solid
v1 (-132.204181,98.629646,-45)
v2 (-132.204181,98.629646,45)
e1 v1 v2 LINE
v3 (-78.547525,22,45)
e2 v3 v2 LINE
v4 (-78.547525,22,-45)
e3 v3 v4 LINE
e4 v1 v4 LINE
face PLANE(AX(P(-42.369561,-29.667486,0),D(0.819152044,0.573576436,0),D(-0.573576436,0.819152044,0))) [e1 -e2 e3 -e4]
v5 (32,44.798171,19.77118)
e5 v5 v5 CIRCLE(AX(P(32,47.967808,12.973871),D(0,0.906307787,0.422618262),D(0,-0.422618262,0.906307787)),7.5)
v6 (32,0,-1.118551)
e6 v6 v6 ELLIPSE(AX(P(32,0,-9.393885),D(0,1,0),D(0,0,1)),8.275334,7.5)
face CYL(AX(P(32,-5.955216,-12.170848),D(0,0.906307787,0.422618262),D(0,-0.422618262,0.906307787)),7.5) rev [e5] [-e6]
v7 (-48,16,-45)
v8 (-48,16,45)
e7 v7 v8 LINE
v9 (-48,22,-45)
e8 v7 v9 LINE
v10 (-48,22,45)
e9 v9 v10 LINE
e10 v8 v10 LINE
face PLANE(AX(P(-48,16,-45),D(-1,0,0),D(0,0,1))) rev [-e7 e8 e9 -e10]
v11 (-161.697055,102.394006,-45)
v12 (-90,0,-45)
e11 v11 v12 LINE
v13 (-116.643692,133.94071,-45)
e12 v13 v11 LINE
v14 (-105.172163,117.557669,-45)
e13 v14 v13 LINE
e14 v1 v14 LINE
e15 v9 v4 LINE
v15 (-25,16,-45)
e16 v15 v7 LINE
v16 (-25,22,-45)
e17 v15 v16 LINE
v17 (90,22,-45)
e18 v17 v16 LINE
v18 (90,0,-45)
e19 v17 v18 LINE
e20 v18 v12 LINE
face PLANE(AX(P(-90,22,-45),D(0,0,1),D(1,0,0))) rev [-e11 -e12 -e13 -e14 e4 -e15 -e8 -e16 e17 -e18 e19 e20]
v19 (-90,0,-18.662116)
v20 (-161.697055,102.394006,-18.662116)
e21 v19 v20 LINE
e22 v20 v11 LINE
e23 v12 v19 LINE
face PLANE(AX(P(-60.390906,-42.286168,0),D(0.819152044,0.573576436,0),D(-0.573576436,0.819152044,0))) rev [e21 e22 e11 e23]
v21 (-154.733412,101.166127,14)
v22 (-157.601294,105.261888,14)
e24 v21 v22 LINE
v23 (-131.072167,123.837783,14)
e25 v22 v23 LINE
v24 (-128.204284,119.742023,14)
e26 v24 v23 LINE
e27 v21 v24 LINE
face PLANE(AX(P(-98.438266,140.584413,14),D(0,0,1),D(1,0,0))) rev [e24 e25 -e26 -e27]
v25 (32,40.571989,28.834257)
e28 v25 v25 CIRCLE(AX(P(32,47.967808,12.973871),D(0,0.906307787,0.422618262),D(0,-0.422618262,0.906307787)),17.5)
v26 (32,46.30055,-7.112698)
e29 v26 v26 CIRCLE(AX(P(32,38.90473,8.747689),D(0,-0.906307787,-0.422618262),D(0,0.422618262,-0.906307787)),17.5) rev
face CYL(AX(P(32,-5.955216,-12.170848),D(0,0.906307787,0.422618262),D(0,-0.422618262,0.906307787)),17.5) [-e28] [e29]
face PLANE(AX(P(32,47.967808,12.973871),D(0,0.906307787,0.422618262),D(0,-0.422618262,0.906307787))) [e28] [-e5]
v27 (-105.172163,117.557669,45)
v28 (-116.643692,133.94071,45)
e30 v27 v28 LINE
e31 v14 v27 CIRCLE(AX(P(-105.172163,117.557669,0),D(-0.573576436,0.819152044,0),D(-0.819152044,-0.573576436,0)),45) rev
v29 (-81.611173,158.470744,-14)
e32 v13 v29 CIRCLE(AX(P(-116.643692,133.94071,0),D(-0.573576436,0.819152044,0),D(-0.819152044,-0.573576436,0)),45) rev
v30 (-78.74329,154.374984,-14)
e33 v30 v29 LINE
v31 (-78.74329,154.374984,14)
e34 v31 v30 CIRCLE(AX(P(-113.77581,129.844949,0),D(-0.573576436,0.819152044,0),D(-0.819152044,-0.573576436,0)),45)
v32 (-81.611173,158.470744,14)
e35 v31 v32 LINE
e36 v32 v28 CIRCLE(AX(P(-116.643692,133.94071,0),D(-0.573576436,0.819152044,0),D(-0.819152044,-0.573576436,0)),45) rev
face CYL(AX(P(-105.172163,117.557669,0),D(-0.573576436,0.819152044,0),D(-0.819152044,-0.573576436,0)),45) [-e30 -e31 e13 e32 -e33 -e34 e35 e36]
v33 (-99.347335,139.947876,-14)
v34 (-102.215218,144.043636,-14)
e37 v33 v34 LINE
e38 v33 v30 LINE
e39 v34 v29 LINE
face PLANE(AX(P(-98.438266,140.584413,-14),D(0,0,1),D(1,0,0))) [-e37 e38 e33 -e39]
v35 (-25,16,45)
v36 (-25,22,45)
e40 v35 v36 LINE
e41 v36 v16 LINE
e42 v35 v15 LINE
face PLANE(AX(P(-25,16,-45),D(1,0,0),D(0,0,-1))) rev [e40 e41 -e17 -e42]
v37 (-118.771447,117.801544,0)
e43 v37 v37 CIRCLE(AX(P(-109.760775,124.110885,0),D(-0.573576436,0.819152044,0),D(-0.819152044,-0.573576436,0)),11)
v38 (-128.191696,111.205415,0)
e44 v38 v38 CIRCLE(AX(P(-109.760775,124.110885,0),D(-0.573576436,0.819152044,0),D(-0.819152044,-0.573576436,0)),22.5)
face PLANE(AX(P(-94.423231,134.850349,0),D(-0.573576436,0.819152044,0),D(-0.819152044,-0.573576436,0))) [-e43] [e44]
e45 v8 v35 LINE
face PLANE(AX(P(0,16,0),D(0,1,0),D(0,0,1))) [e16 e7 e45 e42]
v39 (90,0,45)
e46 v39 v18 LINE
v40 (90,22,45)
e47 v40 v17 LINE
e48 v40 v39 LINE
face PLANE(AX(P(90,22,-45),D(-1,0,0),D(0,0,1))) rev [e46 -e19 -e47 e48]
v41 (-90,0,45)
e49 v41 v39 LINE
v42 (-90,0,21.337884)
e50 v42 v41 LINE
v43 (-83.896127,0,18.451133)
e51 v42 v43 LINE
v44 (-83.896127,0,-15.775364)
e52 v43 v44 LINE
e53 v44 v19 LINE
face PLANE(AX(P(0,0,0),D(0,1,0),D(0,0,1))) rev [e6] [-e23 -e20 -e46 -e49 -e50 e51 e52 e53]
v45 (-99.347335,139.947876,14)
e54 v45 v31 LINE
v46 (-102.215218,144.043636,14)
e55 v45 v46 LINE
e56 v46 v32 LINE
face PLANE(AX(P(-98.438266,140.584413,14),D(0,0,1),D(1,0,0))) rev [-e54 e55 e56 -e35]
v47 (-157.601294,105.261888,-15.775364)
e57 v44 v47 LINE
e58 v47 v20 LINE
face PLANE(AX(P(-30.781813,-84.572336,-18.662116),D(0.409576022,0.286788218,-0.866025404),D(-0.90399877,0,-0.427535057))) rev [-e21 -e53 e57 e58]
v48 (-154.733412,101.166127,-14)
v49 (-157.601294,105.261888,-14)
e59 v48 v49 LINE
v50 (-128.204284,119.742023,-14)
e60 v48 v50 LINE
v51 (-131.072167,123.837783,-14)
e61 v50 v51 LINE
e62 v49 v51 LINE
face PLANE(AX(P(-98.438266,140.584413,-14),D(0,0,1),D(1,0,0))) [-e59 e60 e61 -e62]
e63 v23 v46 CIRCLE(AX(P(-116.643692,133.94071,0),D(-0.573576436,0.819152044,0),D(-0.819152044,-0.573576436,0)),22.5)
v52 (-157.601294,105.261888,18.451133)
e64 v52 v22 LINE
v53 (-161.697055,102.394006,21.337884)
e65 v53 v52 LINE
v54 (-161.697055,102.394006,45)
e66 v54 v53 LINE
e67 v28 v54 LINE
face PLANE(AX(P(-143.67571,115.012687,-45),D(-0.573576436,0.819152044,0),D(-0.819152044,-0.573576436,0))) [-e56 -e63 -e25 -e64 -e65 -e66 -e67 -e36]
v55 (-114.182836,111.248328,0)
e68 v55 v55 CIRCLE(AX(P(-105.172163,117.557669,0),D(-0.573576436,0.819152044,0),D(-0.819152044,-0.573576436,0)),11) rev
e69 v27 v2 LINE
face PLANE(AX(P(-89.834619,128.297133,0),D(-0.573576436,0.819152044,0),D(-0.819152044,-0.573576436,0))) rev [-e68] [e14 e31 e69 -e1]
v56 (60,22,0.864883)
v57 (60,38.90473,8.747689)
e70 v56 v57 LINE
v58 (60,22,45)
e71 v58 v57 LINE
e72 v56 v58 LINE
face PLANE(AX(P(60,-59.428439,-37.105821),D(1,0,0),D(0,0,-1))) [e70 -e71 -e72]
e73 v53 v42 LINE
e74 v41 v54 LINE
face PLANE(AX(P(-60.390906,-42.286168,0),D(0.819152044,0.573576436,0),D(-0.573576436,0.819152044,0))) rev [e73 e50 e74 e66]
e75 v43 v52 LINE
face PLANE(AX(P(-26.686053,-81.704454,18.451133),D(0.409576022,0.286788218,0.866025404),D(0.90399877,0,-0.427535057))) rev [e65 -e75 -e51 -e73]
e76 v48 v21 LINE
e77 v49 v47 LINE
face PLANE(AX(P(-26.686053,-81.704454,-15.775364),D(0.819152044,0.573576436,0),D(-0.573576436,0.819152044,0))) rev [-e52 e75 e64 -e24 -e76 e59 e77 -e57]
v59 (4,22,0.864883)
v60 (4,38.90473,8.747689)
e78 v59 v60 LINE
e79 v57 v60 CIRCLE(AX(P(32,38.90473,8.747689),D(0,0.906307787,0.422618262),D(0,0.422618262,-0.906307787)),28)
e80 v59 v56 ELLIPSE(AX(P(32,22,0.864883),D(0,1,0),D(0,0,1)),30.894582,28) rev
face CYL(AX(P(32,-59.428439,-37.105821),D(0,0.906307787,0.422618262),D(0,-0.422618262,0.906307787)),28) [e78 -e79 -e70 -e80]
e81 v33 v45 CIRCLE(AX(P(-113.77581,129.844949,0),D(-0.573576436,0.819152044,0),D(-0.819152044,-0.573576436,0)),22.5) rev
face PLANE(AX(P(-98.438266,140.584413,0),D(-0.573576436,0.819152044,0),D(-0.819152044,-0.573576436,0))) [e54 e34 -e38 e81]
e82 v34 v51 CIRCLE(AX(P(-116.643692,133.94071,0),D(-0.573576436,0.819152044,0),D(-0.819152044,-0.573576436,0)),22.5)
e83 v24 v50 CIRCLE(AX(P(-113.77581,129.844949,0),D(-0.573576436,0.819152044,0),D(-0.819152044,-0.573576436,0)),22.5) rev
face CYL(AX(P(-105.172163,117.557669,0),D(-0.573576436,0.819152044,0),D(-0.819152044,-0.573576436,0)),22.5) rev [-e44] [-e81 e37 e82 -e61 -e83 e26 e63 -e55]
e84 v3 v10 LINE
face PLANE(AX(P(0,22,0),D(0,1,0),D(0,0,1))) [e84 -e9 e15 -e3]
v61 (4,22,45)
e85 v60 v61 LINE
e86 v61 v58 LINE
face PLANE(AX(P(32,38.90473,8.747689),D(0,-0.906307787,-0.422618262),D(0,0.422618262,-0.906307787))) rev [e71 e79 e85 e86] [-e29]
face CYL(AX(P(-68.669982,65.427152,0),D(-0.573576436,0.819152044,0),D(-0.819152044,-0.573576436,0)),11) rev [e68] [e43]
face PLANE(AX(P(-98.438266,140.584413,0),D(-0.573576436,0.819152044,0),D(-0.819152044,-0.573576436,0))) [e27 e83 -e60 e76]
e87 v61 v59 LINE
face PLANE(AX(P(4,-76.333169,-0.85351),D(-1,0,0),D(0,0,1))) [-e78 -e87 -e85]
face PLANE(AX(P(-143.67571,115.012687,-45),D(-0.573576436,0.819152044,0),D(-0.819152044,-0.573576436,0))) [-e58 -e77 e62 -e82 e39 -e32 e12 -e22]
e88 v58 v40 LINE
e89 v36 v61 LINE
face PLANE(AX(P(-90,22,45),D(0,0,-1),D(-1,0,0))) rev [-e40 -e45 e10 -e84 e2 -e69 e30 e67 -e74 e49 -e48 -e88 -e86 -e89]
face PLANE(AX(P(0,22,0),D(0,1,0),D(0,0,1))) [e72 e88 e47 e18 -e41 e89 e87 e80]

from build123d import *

# Parameters (mm, degrees)
SKETCH1_W           = 180
SKETCH1_H           = 90
BOSS_EXTRUDE1_DEPTH = 22
SKETCH2_W           = 23
SKETCH2_H           = 90
CUT_EXTRUDE1_DEPTH  = 6
BOSS_EXTRUDE2_REACH = 116.562
SKETCH4_R           = 17.5
SKETCH4_R_2         = 7.5
BOSS_EXTRUDE3_DEPTH = 10
SKETCH5_R           = 7.5
CUT_EXTRUDE2_DEPTH  = 115.561578352
SKETCH6_W           = 90
SKETCH6_H           = 125
BOSS_EXTRUDE4_DEPTH = 22
CUT_EXTRUDE3_DEPTH  = 245.0397404
SKETCH9_R           = 22.5
BOSS_EXTRUDE5_DEPTH = 20
BOSS_EXTRUDE6_START = -12
SKETCH9_3_R         = 22.5
SKETCH9_3_R_2       = 11
BOSS_EXTRUDE6_DEPTH = 8
CUT_EXTRUDE4_DEPTH  = 5


with BuildPart() as part:
    # Sketch1 → Boss-Extrude1 (new body)
    with BuildSketch(Plane(origin=(0, 0, 0), x_dir=(1, 0, 0), z_dir=(0, 1, 0))):
        Rectangle(SKETCH1_W, SKETCH1_H)
    extrude(amount=BOSS_EXTRUDE1_DEPTH)

    # Sketch2 → Cut-Extrude1 (cut)
    with BuildSketch(Plane(origin=(0, 22, 0), x_dir=(1, 0, 0), z_dir=(0, 1, 0))):
        with Locations((-36.5, 0)):
            Rectangle(SKETCH2_W, SKETCH2_H)
    extrude(amount=-CUT_EXTRUDE1_DEPTH, mode=Mode.SUBTRACT)

    # Boss-Extrude2: up to this face of the body (flat: up to its plane)
    boss_extrude2_end = Plane(part.part.faces().sort_by_distance((32.5, 22, 0))[0])
    # Sketch3 → Boss-Extrude2 (add, up to the picked face)
    with BuildSketch(Plane(origin=(0, 35.306663677, 16.463767656), x_dir=(1, 0, 0), z_dir=(0, 0.9063077870366496, 0.4226182617407003)), mode=Mode.PRIVATE) as boss_extrude2_sk1:
        with BuildLine():
            Line((4, -31.486248658), (4, 8.513751342))
            ThreePointArc((4, 8.513751342), (32, 36.513751342), (60, 8.513751342))
            Line((60, 8.513751342), (60, -31.486248658))
            Line((60, -31.486248658), (4, -31.486248658))
        make_face()
    boss_extrude2_tool1 = split(extrude(boss_extrude2_sk1.sketch, amount=-BOSS_EXTRUDE2_REACH, mode=Mode.PRIVATE), bisect_by=boss_extrude2_end, keep=Keep.BOTH, mode=Mode.PRIVATE)
    add(boss_extrude2_tool1.solids().sort_by(Axis((32, 35.232426, 16.622971), (0, -0.9063077870366496, -0.4226182617407003)))[0])

    # Sketch4 → Boss-Extrude3 (add)
    with BuildSketch(Plane(origin=(0, 44.369741547, 20.689950274), x_dir=(1, 0, 0), z_dir=(0, 0.9063077870366496, 0.4226182617407003))):
        with Locations(Location((32, 8.513751342, 0), (0, 0, 270))):
            Circle(SKETCH4_R)
        with Locations(Location((32, 8.513751342, 0), (0, 0, 270))):
            Circle(SKETCH4_R_2, mode=Mode.SUBTRACT)
    extrude(amount=-BOSS_EXTRUDE3_DEPTH)

    # Sketch5 → Cut-Extrude2 (cut, through all)
    with BuildSketch(Plane(origin=(0, 35.306663677, 16.463767656), x_dir=(1, 0, 0), z_dir=(0, 0.9063077870366496, 0.42261826174070033))):
        with Locations(Location((32, 8.513751342, 0), (0, 0, 270))):
            Circle(SKETCH5_R)
    extrude(amount=-CUT_EXTRUDE2_DEPTH, mode=Mode.SUBTRACT)

    # Sketch6 → Boss-Extrude4 (add)
    with BuildSketch(Plane(origin=(-60.39090645, -42.286167935, 0), x_dir=(0, 0, 1), z_dir=(-0.8191520442889891, -0.5735764363510502, 0))):
        with Locations((0, 114.121879272)):
            Rectangle(SKETCH6_W, SKETCH6_H)
    extrude(amount=-BOSS_EXTRUDE4_DEPTH)

    # Sketch8 → Cut-Extrude3 (cut, through all)
    with BuildSketch(Plane(origin=(-101.306148094, 144.680173471, 0), x_dir=(0.8191520442889889, 0.5735764363510504, 0), z_dir=(-0.5735764363510503, 0.8191520442889889, 0))):
        Polygon((-73.723683986, 18.662115607), (-68.723683986, 15.775364262), (-68.723683986, -18.451133047), (-73.723683986, -21.337884393), align=None)
    extrude(amount=-CUT_EXTRUDE3_DEPTH, mode=Mode.SUBTRACT)

    # Sketch9 → Boss-Extrude5 (add)
    with BuildSketch(Plane(origin=(-101.306148094, 144.680173471, 0), x_dir=(0, 0, -1), z_dir=(-0.5735764363510415, 0.819152044288995, 0))):
        with BuildLine():
            ThreePointArc((45, 18.723683986), (0, -26.276316014), (-45, 18.723683986))
            Line((-45, 18.723683986), (-45, 73.723683986))
            Line((-45, 73.723683986), (-21.337884393, 73.723683986))
            Line((-21.337884393, 73.723683986), (-18.451133047, 68.723683986))
            Line((-18.451133047, 68.723683986), (15.775364262, 68.723683986))
            Line((15.775364262, 68.723683986), (18.662115607, 73.723683986))
            Line((18.662115607, 73.723683986), (45, 73.723683986))
            Line((45, 73.723683986), (45, 18.723683986))
        make_face()
        with Locations(Location((0, 18.723683986, 0), (0, 0, 90))):
            Circle(SKETCH9_R, mode=Mode.SUBTRACT)
    extrude(amount=-BOSS_EXTRUDE5_DEPTH)

    # Sketch9<3> → Boss-Extrude6 (add)
    with BuildSketch(Plane(origin=(-101.306148094, 144.680173471, 0), x_dir=(0, 0, -1), z_dir=(-0.5735764363510415, 0.819152044288995, 0)).offset(BOSS_EXTRUDE6_START)):
        with Locations(Location((0, 18.723683986, 0), (0, 0, 90))):
            Circle(SKETCH9_3_R)
        with Locations(Location((0, 18.723683986, 0), (0, 0, 90))):
            Circle(SKETCH9_3_R_2, mode=Mode.SUBTRACT)
    extrude(amount=-BOSS_EXTRUDE6_DEPTH)

    # Sketch11 → Cut-Extrude4 (cut)
    with BuildSketch(Plane(origin=(-101.306148094, 144.680173471, 0), x_dir=(0.8191520442889889, 0.5735764363510504, 0), z_dir=(-0.5735764363510503, 0.8191520442889889, 0))):
        with BuildLine():
            Line((-36.33759894, 14), (-68.723683986, 14))
            Line((-68.723683986, 14), (-68.723683986, 0))
            Line((-68.723683986, 0), (-41.223683986, 0))
            ThreePointArc((-41.223683986, 0), (-39.96707221, 7.414071538), (-36.33759894, 14))
        make_face()
        with BuildLine():
            Line((-41.223683986, 0), (-68.723683986, 0))
            Line((-68.723683986, 0), (-68.723683986, -14))
            Line((-68.723683986, -14), (-36.33759894, -14))
            ThreePointArc((-36.33759894, -14), (-39.96707221, -7.414071538), (-41.223683986, 0))
        make_face()
        with BuildLine():
            Line((24.043125575, 14), (-1.109769032, 14))
            ThreePointArc((-1.109769032, 14), (2.519704238, 7.414071538), (3.776316014, 0))
            ThreePointArc((3.776316014, 0), (2.519704238, -7.414071538), (-1.109769032, -14))
            Line((-1.109769032, -14), (24.043125575, -14))
            ThreePointArc((24.043125575, -14), (26.276316014, 0), (24.043125575, 14))
        make_face()
    extrude(amount=-CUT_EXTRUDE4_DEPTH, mode=Mode.SUBTRACT)


solid = part.part
